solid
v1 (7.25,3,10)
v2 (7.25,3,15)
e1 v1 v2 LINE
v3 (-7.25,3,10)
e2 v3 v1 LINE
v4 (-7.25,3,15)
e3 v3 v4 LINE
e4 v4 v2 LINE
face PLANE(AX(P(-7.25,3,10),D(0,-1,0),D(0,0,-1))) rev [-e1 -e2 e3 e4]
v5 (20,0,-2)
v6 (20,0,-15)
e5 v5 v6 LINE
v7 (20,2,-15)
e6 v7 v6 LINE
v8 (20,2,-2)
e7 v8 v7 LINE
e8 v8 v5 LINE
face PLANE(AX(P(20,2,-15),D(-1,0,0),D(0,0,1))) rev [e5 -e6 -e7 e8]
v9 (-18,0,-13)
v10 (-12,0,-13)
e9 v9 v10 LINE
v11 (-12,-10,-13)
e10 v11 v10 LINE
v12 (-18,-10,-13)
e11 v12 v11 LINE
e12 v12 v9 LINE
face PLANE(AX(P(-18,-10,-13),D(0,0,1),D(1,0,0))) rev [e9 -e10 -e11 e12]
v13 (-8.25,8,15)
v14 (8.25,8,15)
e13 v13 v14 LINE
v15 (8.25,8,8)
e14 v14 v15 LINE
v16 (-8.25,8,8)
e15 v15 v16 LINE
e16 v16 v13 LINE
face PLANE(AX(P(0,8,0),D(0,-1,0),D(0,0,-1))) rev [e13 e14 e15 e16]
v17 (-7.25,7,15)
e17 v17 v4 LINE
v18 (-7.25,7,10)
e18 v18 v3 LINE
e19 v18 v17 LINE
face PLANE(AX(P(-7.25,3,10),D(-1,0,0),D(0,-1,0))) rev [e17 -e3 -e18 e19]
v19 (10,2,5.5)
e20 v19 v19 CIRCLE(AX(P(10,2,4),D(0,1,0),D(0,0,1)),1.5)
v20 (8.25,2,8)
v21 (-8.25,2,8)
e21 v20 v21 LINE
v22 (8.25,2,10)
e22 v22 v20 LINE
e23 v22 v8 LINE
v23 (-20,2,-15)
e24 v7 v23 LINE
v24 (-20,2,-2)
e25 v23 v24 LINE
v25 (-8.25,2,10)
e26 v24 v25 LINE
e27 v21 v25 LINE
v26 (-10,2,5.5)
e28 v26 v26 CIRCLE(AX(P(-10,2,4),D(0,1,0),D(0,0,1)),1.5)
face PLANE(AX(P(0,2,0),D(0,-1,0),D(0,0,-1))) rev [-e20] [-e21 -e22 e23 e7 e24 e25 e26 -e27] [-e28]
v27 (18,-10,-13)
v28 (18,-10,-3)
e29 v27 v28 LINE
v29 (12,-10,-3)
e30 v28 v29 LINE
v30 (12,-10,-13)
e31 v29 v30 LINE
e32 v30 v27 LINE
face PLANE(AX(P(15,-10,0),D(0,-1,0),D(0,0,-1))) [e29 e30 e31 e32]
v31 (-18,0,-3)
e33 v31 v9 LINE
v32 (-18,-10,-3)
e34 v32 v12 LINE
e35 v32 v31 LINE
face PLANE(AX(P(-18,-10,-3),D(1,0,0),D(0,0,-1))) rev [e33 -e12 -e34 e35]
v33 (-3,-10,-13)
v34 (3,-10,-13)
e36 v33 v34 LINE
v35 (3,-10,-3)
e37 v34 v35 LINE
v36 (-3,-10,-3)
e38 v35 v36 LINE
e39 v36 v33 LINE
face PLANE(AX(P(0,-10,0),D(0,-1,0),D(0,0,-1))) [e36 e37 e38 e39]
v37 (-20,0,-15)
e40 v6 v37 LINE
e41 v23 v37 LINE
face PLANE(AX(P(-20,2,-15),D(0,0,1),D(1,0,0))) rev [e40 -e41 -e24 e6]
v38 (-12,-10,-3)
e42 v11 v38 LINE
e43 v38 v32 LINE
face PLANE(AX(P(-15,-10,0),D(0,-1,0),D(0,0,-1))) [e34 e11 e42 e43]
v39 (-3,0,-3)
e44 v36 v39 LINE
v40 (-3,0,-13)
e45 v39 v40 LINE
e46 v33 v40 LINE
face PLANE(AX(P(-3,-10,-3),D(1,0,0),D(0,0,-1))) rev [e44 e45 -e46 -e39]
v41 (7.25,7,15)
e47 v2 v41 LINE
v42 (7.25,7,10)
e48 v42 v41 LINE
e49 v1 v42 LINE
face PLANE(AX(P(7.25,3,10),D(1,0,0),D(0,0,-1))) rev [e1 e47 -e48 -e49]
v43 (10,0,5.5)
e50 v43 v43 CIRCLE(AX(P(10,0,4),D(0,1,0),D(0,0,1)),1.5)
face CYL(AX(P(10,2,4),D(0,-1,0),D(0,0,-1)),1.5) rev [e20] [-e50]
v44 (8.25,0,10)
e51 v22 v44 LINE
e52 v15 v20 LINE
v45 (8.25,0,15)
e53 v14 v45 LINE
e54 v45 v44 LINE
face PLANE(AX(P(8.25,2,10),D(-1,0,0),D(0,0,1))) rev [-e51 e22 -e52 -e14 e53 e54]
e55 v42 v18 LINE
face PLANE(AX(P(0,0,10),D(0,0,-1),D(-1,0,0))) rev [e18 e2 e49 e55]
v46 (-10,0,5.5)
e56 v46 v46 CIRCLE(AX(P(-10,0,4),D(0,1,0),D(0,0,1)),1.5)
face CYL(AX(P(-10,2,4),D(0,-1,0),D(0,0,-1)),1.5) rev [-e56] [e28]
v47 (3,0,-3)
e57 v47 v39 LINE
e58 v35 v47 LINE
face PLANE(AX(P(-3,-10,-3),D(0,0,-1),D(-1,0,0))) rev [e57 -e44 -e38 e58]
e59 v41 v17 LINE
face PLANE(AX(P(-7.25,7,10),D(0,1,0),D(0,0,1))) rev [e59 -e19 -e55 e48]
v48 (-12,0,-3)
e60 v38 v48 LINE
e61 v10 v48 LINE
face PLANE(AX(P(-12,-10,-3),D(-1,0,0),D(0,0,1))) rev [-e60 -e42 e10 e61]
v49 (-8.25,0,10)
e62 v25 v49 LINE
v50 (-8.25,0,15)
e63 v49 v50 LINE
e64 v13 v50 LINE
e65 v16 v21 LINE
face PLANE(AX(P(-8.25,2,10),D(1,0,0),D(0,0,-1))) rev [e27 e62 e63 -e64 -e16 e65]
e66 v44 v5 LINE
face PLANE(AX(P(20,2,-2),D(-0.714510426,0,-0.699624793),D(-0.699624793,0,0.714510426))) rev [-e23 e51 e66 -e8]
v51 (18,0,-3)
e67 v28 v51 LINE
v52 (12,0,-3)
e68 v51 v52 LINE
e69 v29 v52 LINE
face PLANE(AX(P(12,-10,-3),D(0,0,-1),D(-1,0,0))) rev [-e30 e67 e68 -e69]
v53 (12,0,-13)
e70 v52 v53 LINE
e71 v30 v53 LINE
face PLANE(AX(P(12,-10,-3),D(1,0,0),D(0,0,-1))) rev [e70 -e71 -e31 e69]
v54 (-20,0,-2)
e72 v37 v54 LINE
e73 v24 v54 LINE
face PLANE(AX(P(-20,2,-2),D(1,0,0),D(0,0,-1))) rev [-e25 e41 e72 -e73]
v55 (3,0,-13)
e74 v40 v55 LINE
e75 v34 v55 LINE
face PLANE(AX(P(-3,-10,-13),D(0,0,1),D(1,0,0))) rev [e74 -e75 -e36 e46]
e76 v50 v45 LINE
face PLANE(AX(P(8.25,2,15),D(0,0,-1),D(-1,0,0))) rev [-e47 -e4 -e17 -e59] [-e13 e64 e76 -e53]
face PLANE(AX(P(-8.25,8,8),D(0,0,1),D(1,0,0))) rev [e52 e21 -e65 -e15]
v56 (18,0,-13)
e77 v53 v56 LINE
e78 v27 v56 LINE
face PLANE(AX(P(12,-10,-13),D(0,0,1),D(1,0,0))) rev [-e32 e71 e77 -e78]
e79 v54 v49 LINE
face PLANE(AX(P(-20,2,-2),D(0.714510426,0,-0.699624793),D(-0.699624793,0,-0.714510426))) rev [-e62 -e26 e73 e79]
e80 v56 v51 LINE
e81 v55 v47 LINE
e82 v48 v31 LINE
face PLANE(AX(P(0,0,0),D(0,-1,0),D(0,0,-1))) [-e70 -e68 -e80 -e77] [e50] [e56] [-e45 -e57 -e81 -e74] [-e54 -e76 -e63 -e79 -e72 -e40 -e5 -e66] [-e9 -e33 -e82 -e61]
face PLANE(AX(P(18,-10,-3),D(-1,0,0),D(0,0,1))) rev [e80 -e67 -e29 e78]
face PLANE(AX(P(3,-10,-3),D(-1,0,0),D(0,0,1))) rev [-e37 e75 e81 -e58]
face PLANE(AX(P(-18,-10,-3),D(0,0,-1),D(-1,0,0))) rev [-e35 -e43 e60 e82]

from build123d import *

# Parameters (mm, degrees)
SKETCH_1_R             = 1.5
EXTRUDE_1_DEPTH        = 2
SKETCH_2_W             = 16.5
SKETCH_2_H             = 7
EXTRUDE_2_DEPTH        = 6
SKETCH_3_W             = 6
SKETCH_3_H             = 10
EXTRUDE_3_DEPTH        = 10
PATTERN_LINEAR_1_COUNT = 2
PATTERN_LINEAR_1_PITCH = 15
PATTERN_LINEAR_2_COUNT = 2
PATTERN_LINEAR_2_PITCH = 15
SKETCH_4_W             = 14.5
SKETCH_4_H             = 4
CUT_EXTRUDE_1_DEPTH    = 5


with BuildPart() as part:
    # 草图1 → 凸台-拉伸1 (new body)
    with BuildSketch(Plane(origin=(0, 0, 0), x_dir=(1, 0, 0), z_dir=(0, 1, 0))):
        Polygon((-20, 15), (20, 15), (20, 2), (8.25, -10), (8.25, -15), (-8.25, -15), (-8.25, -10), (-20, 2), align=None)
        with Locations(Location((-10, -4, 0), (0, 0, 270))):
            Circle(SKETCH_1_R, mode=Mode.SUBTRACT)
        with Locations(Location((10, -4, 0), (0, 0, 270))):
            Circle(SKETCH_1_R, mode=Mode.SUBTRACT)
    extrude(amount=EXTRUDE_1_DEPTH)

    # 草图2 → 凸台-拉伸2 (add)
    with BuildSketch(Plane(origin=(0, 2, 0), x_dir=(1, 0, 0), z_dir=(0, 1, 0))):
        with Locations((0, -11.5)):
            Rectangle(SKETCH_2_W, SKETCH_2_H)
    extrude(amount=EXTRUDE_2_DEPTH)

    # 草图3 → 凸台-拉伸3 (add)
    with BuildSketch(Plane.XZ):
        with Locations((0, -8)):
            Rectangle(SKETCH_3_W, SKETCH_3_H)
    extrude_3 = extrude(amount=EXTRUDE_3_DEPTH)

    # 阵列(线性)1: 凸台-拉伸3 ×2
    with Locations(*[(i * PATTERN_LINEAR_1_PITCH, 0, 0) for i in range(1, PATTERN_LINEAR_1_COUNT)]):
        add(extrude_3)

    # 阵列(线性)2: 凸台-拉伸3 ×2
    with Locations(*[(-i * PATTERN_LINEAR_2_PITCH, 0, 0) for i in range(1, PATTERN_LINEAR_2_COUNT)]):
        add(extrude_3)

    # 草图4 → 切除-拉伸1 (cut)
    with BuildSketch(Plane.XY.offset(15)):
        with Locations((0, 5)):
            Rectangle(SKETCH_4_W, SKETCH_4_H)
    extrude(amount=-CUT_EXTRUDE_1_DEPTH, mode=Mode.SUBTRACT)


solid = part.part
